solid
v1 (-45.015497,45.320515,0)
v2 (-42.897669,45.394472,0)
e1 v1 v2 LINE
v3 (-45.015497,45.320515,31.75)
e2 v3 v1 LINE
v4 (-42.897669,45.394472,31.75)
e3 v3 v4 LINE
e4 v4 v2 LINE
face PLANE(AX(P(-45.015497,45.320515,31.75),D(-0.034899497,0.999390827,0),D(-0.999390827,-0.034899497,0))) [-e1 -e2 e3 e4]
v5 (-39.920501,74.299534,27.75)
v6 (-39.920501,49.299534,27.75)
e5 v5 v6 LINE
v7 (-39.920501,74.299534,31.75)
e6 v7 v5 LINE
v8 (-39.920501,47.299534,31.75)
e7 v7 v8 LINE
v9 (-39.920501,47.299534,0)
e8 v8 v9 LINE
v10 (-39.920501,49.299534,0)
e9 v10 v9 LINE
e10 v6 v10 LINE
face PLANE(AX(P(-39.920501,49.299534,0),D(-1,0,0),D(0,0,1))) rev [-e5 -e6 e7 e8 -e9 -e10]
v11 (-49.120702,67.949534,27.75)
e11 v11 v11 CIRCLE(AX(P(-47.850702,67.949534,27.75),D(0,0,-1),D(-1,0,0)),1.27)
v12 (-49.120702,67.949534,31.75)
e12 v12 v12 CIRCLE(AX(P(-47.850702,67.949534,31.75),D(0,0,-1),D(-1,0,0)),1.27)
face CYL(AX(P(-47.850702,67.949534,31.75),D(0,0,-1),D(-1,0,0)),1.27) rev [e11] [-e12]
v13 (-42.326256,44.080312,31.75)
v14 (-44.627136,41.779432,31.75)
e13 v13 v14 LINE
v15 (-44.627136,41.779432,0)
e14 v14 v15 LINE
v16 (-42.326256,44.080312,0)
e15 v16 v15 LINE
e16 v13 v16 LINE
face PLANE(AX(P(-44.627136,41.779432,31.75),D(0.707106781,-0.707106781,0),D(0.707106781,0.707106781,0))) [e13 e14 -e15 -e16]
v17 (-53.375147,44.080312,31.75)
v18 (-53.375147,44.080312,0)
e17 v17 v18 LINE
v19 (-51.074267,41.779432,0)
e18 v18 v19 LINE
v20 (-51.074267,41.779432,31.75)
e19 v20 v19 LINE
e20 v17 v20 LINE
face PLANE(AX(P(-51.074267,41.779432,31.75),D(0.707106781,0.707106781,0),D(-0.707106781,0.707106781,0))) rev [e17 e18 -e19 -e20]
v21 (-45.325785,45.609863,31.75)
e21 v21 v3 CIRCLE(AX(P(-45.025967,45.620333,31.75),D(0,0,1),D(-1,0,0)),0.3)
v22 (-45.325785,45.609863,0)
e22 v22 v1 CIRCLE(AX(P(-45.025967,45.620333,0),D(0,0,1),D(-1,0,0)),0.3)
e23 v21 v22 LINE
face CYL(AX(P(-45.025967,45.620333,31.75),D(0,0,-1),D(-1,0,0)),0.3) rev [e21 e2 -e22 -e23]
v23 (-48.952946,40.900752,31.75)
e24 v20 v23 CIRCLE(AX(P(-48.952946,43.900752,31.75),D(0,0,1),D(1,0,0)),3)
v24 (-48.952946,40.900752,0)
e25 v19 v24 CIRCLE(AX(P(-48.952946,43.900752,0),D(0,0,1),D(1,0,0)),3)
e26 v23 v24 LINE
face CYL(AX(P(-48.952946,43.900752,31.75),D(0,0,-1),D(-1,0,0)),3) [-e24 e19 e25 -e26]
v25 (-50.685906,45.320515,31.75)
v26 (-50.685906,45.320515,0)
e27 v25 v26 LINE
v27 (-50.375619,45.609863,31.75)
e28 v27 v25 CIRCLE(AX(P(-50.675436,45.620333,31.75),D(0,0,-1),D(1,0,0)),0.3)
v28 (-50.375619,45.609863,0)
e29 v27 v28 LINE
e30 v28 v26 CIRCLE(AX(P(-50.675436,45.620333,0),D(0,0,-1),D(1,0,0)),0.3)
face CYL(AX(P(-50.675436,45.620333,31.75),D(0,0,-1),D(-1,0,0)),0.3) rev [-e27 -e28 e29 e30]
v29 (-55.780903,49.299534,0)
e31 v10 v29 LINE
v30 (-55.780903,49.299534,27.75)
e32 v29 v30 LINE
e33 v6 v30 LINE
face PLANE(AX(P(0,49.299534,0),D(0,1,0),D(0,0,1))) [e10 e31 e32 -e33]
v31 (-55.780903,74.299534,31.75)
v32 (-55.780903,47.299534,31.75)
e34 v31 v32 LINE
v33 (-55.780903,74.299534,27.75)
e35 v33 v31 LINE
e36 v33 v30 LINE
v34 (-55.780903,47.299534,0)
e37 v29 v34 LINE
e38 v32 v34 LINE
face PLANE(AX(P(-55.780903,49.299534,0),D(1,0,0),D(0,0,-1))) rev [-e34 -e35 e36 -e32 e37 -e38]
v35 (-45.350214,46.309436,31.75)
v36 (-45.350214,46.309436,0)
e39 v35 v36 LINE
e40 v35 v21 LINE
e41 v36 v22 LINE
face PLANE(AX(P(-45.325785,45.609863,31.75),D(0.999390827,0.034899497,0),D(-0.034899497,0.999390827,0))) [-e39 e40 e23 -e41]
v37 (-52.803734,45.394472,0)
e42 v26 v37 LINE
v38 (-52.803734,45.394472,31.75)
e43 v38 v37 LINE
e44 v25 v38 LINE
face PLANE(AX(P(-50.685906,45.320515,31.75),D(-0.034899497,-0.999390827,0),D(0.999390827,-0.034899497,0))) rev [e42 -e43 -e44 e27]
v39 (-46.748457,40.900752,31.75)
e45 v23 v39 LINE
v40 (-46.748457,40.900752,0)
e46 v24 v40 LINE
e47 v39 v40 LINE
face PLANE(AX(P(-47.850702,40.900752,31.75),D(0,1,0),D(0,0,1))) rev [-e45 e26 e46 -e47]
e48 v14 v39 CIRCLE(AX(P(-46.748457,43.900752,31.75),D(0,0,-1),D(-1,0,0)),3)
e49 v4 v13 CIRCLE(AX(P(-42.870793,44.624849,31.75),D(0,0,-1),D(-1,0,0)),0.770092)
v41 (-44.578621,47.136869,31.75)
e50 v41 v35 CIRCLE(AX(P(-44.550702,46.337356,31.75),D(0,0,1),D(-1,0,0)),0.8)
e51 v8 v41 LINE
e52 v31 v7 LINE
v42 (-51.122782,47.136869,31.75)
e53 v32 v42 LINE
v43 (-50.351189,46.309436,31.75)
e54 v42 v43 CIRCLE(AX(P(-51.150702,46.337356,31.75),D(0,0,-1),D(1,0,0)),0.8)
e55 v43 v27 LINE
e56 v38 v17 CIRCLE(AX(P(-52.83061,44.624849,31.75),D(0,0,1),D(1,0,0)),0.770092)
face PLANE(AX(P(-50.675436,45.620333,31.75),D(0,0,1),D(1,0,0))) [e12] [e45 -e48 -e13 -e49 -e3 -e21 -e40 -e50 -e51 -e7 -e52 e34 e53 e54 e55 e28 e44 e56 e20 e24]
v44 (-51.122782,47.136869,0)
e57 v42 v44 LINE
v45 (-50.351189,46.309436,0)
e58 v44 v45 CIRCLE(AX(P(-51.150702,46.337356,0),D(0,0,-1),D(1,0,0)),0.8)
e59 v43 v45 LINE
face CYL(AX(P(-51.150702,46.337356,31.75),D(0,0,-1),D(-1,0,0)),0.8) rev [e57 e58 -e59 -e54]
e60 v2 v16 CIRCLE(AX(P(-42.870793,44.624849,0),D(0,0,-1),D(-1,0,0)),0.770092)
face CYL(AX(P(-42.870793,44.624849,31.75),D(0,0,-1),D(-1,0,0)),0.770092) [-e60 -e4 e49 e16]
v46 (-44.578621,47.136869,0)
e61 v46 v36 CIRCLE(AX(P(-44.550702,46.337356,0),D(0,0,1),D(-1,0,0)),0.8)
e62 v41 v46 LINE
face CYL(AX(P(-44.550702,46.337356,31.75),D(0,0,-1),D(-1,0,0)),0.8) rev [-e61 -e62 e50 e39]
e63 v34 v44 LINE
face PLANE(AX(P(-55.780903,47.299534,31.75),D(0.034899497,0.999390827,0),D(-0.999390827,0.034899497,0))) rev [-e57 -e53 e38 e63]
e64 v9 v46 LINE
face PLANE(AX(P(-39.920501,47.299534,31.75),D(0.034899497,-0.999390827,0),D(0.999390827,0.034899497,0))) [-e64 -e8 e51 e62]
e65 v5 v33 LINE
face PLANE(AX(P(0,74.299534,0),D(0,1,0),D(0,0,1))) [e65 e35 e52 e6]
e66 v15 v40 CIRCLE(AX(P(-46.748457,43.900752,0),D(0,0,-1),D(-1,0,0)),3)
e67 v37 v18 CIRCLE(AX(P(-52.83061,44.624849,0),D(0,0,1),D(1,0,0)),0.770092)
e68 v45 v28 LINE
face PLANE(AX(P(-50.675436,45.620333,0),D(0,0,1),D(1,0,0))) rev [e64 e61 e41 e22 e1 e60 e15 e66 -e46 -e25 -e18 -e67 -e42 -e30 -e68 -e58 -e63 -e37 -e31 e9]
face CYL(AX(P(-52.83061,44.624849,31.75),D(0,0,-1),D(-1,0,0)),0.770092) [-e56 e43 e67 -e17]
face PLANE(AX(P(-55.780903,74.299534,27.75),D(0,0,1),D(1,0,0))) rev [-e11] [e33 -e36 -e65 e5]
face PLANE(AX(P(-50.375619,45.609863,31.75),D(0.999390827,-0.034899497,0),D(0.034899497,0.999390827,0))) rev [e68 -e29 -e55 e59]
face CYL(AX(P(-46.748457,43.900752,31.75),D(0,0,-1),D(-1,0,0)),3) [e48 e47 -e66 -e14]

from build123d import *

# Parameters (mm, degrees)
BOSS_EXTRUDE1_DEPTH = 31.75
SKETCH19_W          = 15.860402013
SKETCH19_H          = 31.75
BOSS_EXTRUDE7_DEPTH = 2
SKETCH23_W          = 15.860402013
SKETCH23_H          = 4
BOSS_EXTRUDE8_DEPTH = 25
SKETCH24_R          = 1.27
CUT_EXTRUDE1_DEPTH  = 5


with BuildPart() as part:
    # Sketch2 → Boss-Extrude1 (new body)
    with BuildSketch(Plane.XY):
        with BuildLine():
            Line((-50.375618534, 45.609862895), (-50.351188886, 46.309436474))
            ThreePointArc((-50.351188886, 46.309436474), (-50.565618587, 46.88295476), (-51.12278195, 47.136868733))
            Line((-51.12278195, 47.136868733), (-55.780902554, 47.299533889))
            Line((-55.780902554, 47.299533889), (-47.850701548, 47.299533889))
            Line((-47.850701548, 47.299533889), (-47.850701548, 40.900752235))
            Line((-47.850701548, 40.900752235), (-48.952946324, 40.900752235))
            ThreePointArc((-48.952946324, 40.900752235), (-50.100996621, 41.129113637), (-51.074266668, 41.779431891))
            Line((-51.074266668, 41.779431891), (-53.375146928, 44.080312152))
            ThreePointArc((-53.375146928, 44.080312152), (-53.536830204, 44.931922499), (-52.803734096, 45.394471696))
            Line((-52.803734096, 45.394471696), (-50.685905631, 45.320515496))
            ThreePointArc((-50.685905631, 45.320515496), (-50.470836274, 45.400926634), (-50.375618534, 45.609862895))
        make_face()
    boss_extrude1 = extrude(amount=BOSS_EXTRUDE1_DEPTH)

    # Mirror2: Boss-Extrude1 across plane
    add(boss_extrude1.mirror(Plane(origin=(-47.850701548, 40.900752235, 31.75), x_dir=(0, 0, 1), z_dir=(-1, 0, 0))))

    # Sketch19 → Boss-Extrude7 (add)
    with BuildSketch(Plane(origin=(0, 47.299533889, 0), x_dir=(1, 0, 0), z_dir=(0, 1, 0))):
        with Locations((-47.850701548, -15.875)):
            Rectangle(SKETCH19_W, SKETCH19_H)
    extrude(amount=BOSS_EXTRUDE7_DEPTH)

    # Sketch23 → Boss-Extrude8 (add)
    with BuildSketch(Plane(origin=(0, 49.299533889, 0), x_dir=(1, 0, 0), z_dir=(0, 1, 0))):
        with Locations((-47.850701548, -29.75)):
            Rectangle(SKETCH23_W, SKETCH23_H)
    extrude(amount=BOSS_EXTRUDE8_DEPTH)

    # Sketch24 → Cut-Extrude1 (cut, through all)
    with BuildSketch(Plane(origin=(0, 0, 27.75), x_dir=(-1, 0, 0), z_dir=(0, 0, -1))):
        with Locations((47.850701548, 67.949533889)):
            Circle(SKETCH24_R)
    extrude(amount=-CUT_EXTRUDE1_DEPTH, mode=Mode.SUBTRACT)


solid = part.part
